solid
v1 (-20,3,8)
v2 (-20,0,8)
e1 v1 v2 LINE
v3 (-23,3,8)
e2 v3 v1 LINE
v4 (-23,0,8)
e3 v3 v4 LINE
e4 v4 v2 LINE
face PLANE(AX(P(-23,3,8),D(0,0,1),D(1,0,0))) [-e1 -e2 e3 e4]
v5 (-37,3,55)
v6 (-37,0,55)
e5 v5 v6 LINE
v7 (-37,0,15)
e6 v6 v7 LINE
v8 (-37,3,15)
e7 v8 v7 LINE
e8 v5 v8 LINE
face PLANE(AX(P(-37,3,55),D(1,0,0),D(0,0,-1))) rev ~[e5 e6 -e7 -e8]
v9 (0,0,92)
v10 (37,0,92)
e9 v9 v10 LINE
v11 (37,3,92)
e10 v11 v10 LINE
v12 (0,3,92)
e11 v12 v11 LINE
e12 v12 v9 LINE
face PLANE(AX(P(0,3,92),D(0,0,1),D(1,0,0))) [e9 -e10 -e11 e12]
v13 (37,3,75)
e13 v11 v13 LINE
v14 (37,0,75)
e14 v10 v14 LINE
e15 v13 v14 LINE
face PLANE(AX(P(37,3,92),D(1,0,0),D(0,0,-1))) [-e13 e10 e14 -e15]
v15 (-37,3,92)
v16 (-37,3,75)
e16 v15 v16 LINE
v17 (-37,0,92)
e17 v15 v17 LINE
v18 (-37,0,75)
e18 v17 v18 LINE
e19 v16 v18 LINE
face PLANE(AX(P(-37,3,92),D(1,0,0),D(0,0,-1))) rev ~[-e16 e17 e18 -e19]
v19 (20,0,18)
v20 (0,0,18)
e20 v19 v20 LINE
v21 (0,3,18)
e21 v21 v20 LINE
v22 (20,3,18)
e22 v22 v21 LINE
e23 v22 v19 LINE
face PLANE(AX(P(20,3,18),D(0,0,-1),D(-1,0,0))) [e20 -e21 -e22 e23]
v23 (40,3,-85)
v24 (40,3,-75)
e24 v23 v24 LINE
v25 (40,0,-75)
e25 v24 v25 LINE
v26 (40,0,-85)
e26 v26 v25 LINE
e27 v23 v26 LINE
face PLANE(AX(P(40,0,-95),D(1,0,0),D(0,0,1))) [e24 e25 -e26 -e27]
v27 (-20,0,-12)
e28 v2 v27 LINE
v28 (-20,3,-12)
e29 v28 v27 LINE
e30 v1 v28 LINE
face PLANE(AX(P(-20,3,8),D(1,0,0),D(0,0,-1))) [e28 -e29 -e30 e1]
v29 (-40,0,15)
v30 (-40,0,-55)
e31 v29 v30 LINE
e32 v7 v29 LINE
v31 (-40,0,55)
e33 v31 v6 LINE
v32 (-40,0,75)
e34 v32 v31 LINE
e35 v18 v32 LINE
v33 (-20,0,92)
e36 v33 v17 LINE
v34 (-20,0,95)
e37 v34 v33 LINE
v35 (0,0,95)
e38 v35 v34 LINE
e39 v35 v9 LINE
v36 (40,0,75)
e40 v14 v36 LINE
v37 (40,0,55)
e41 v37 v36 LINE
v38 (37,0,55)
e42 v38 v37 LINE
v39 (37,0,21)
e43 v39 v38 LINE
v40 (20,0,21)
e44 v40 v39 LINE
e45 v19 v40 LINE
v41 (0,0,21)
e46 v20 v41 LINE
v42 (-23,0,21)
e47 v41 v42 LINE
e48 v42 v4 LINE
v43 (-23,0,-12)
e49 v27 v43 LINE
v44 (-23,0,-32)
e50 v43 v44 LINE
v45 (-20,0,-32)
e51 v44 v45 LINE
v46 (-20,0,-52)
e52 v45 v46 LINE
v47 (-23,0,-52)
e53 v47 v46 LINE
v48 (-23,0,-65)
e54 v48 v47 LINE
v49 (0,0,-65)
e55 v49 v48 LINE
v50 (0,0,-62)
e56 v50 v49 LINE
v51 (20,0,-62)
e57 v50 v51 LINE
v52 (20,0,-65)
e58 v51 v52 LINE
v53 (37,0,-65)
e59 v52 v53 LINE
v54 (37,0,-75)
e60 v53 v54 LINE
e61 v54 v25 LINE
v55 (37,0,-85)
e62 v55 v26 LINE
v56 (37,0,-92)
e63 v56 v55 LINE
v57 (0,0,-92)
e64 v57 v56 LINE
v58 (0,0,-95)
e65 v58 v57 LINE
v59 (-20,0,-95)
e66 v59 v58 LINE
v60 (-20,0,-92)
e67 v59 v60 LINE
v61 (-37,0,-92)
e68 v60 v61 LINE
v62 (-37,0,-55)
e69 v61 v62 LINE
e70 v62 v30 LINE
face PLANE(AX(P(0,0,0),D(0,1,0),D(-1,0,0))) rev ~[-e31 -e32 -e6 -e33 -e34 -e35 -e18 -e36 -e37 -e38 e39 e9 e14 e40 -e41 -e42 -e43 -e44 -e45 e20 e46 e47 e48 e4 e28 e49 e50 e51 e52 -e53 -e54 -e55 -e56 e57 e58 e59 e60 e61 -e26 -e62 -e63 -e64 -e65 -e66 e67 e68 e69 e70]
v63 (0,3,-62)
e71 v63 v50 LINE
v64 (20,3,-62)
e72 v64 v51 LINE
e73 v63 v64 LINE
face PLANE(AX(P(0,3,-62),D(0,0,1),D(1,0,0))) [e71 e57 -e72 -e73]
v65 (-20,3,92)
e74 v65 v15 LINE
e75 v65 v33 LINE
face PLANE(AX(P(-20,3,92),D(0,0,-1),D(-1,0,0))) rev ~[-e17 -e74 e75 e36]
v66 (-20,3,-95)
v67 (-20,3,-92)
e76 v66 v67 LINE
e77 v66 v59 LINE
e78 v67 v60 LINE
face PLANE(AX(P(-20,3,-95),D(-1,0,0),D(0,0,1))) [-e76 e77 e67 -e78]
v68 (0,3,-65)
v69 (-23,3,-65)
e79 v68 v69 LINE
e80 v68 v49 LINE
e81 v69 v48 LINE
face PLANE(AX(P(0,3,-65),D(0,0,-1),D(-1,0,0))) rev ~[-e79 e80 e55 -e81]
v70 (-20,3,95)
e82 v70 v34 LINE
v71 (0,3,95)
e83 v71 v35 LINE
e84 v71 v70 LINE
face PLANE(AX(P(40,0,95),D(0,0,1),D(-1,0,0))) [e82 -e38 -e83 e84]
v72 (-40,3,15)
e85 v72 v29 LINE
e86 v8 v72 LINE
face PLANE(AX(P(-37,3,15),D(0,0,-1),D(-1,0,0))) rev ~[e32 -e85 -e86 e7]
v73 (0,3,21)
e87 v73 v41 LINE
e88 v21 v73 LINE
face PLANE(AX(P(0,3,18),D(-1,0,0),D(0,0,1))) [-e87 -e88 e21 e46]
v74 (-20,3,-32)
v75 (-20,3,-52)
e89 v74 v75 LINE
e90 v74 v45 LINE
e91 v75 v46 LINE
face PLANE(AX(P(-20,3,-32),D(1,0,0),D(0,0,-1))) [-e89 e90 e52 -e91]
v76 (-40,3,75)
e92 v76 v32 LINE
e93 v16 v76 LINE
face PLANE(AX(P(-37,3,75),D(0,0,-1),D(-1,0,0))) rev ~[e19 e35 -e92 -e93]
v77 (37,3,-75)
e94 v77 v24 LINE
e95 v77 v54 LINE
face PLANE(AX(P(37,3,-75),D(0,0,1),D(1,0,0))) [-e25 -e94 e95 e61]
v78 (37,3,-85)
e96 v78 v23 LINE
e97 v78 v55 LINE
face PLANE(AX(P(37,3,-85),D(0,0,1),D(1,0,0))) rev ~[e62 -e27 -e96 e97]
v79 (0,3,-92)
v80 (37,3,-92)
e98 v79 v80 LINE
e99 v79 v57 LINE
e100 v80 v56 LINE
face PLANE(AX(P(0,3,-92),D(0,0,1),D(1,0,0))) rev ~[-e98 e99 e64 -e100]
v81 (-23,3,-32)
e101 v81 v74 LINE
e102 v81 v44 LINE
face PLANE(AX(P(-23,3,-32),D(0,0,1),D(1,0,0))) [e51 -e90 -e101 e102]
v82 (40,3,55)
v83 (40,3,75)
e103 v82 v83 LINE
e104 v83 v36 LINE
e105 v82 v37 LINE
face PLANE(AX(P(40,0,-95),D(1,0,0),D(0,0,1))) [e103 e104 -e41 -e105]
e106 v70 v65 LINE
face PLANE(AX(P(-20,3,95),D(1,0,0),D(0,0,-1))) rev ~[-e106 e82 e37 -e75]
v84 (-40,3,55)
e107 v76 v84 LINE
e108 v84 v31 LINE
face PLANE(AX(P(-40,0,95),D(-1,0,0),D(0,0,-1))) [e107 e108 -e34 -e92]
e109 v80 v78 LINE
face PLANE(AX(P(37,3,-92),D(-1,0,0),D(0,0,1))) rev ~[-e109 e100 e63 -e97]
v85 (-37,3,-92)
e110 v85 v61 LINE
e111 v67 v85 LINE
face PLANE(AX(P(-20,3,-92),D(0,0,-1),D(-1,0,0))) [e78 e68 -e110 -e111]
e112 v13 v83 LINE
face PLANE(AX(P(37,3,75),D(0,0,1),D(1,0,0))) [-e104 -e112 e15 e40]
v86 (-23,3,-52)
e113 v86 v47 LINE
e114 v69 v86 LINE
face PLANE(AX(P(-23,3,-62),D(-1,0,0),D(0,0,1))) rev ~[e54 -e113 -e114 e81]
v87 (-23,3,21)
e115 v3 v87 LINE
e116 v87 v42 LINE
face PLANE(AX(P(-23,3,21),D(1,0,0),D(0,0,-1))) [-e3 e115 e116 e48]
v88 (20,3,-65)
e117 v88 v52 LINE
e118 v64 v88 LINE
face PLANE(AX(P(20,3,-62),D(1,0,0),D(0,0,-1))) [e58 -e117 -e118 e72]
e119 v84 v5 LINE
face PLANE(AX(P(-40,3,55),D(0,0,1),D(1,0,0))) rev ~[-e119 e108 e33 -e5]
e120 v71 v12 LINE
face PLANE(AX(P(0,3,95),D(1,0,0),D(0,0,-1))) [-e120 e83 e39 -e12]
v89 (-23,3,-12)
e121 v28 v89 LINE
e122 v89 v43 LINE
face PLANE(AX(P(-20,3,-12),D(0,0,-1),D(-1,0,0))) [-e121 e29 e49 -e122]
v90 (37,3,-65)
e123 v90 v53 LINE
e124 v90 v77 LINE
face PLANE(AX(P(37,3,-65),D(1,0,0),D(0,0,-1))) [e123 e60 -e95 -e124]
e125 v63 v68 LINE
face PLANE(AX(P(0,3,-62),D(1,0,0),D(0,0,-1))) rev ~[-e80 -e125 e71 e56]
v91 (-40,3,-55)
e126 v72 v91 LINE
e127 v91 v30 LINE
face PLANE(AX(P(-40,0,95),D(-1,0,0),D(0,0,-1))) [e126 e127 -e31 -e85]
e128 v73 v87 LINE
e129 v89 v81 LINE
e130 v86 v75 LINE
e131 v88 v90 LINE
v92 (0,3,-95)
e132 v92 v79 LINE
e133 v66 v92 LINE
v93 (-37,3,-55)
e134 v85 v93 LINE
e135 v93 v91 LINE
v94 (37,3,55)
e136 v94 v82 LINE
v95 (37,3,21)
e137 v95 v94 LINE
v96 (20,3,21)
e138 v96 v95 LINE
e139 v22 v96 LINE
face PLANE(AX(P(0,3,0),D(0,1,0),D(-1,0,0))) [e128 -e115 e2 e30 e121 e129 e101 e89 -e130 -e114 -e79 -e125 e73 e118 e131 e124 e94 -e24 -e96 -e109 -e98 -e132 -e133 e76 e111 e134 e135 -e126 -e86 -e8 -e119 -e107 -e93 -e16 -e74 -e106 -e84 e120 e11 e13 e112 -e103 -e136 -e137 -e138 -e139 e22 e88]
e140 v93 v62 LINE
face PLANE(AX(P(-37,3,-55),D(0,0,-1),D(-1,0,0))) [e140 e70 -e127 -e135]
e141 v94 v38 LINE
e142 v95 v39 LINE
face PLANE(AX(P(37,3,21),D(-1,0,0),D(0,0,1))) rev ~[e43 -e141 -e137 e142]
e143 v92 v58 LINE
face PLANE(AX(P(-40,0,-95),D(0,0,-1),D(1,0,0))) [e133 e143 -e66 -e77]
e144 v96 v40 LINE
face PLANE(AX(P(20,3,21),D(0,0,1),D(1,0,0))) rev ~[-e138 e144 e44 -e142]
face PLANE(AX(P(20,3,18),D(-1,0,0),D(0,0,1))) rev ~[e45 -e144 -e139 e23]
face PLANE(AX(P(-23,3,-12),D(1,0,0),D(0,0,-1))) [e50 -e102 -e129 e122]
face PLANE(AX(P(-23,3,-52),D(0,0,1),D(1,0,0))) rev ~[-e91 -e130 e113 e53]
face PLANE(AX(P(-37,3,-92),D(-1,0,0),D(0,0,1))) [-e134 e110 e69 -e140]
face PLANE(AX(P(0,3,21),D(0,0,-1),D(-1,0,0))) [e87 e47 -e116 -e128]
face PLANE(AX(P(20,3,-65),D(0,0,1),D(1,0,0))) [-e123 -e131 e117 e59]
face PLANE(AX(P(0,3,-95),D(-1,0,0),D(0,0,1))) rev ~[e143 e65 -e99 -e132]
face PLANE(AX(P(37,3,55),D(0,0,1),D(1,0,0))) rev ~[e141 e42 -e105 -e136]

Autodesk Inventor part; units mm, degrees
ref_plane "YZ Plane" through (0, 0, 0) normal (1, 0, 0) x (0, 1, 0)
ref_plane "XZ Plane" through (0, 0, 0) normal (0, 1, 0) x (-1, 0, 0)
ref_plane "XY Plane" through (0, 0, 0) normal (0, 0, 1) x (1, 0, 0)
sketch "Sketch1" plane through (0, 0, 0) normal (0, 1, 0) x (-1, 0, 0)
  line L0 (-40, 95) -> (40, 95)
  line L1 (40, 95) -> (40, -95)
  line L2 (40, -95) -> (-40, -95)
  line L3 (-40, -95) -> (-40, 95)
  line L4 (-40, 95) -> (40, -95) construction
  line L5 (40, 95) -> (-40, -95) construction
  point P0 (0, 0)
  dimension "d0" = 80
  dimension "d1" = 190
extrude "Extrusion1" add sketch "Sketch1" along normal blind 3
sketch "Sketch2" plane through (0, 3, 0) normal (0, 1, 0) x (1, 0, 0)
  line L0 (40, 95) -> (-40, 95) projected
  line L1 (-40, 95) -> (-37, 95)
  line L2 (-37, 95) -> (-37, 55)
  line L3 (-37, 55) -> (-40, 55)
  line L4 (-40, 55) -> (-40, 95)
  line L5 (-40, 95) -> (-40, -95) projected
  line L6 (-40, -95) -> (40, -95) projected
  line L7 (-37, 95) -> (-20, 95)
  line L8 (-20, 95) -> (-20, 92)
  line L9 (-20, 92) -> (-37, 92)
  line L10 (-37, 92) -> (-37, 95)
  line L11 (40, -95) -> (40, 95) projected
  line L12 (40, 95) -> (0, 95)
  line L13 (0, 95) -> (0, 92)
  line L14 (0, 92) -> (40, 92)
  line L15 (40, 92) -> (40, 95)
  line L16 (-40, -55) -> (-37, -55)
  line L17 (-37, -55) -> (-37, -15)
  line L18 (-37, -15) -> (-40, -15)
  line L19 (-40, -15) -> (-40, -55)
  line L20 (-40, -95) -> (-37, -95)
  line L21 (-37, -95) -> (-37, -75)
  line L22 (-37, -75) -> (-40, -75)
  line L23 (-40, -75) -> (-40, -95)
  line L24 (-37, -95) -> (-20, -95)
  line L25 (-20, -95) -> (-20, -92)
  line L26 (-20, -92) -> (-37, -92)
  line L27 (-37, -92) -> (-37, -95)
  line L28 (40, -95) -> (0, -95)
  line L29 (0, -95) -> (0, -92)
  line L30 (0, -92) -> (40, -92)
  line L31 (40, -92) -> (40, -95)
  line L32 (40, -18) -> (-20, -18)
  line L33 (-20, -18) -> (-20, 62)
  line L34 (-20, 62) -> (40, 62)
  line L35 (40, 62) -> (40, -18)
  line L36 (40, -92) -> (37, -92)
  line L37 (37, -92) -> (37, -75)
  line L38 (37, -75) -> (40, -75)
  line L39 (40, -75) -> (40, -92)
  line L40 (40, -18) -> (37, -18)
  line L41 (37, -18) -> (37, -55)
  line L42 (37, -55) -> (40, -55)
  line L43 (40, -55) -> (40, -18)
  line L44 (40, 92) -> (37, 92)
  line L45 (37, 92) -> (37, 85)
  line L46 (37, 85) -> (40, 85)
  line L47 (40, 85) -> (40, 92)
  line L48 (40, 62) -> (37, 62)
  line L49 (37, 62) -> (37, 75)
  line L50 (37, 75) -> (40, 75)
  line L51 (40, 75) -> (40, 62)
  line L52 (-20, -18) -> (-23, -18)
  line L53 (-23, -18) -> (-23, -8)
  line L54 (-23, -8) -> (-20, -8)
  line L55 (-20, -8) -> (-20, -18)
  line L56 (-20, 12) -> (-23, 12)
  line L57 (-23, 12) -> (-23, 32)
  line L58 (-23, 32) -> (-20, 32)
  line L59 (-20, 32) -> (-20, 12)
  line L60 (-20, 62) -> (-23, 62)
  line L61 (-23, 62) -> (-23, 52)
  line L62 (-23, 52) -> (-20, 52)
  line L63 (-20, 52) -> (-20, 62)
  line L64 (-23, -18) -> (0, -18)
  line L65 (0, -18) -> (0, -21)
  line L66 (0, -21) -> (-23, -21)
  line L67 (-23, -21) -> (-23, -18)
  line L68 (37, -18) -> (20, -18)
  line L69 (20, -18) -> (20, -21)
  line L70 (20, -21) -> (37, -21)
  line L71 (37, -21) -> (37, -18)
  line L72 (-23, 62) -> (0, 62)
  line L73 (0, 62) -> (0, 65)
  line L74 (0, 65) -> (-23, 65)
  line L75 (-23, 65) -> (-23, 62)
  line L76 (37, 62) -> (20, 62)
  line L77 (20, 62) -> (20, 65)
  line L78 (20, 65) -> (37, 65)
  line L79 (37, 65) -> (37, 62)
  point P0 (0, 0)
  dimension "d4" = 3
  dimension "d5" = 40
  dimension "d9" = 17
  dimension "d10" = 3
  dimension "d11" = 3
  dimension "d12" = 20
  dimension "d13" = 3
  dimension "d14" = 70
  dimension "d15" = 40
  dimension "d16" = 3
  dimension "d17" = 20
  dimension "d18" = 17
  dimension "d19" = 3
  dimension "d20" = 33
  dimension "d21" = 20
  dimension "d22" = 77
  dimension "d23" = 3
  dimension "d24" = 17
  dimension "d25" = 20
  dimension "d26" = 7
  dimension "d27" = 10
  dimension "d28" = 3
  dimension "d29" = 10
  dimension "d30" = 3
  dimension "d31" = 20
  dimension "d32" = 10
  dimension "d33" = 20
  dimension "d34" = 23
  dimension "d35" = 3
  dimension "d36" = 17
  dimension "d37" = 3
  dimension "d38" = 23
  dimension "d39" = 3
  dimension "d40" = 17
  dimension "d41" = 3
extrude "Extrusion2" cut sketch "Sketch2" against normal through all contours L11 L14 L13 L0 | L11 L46 L45 L14 | L8 L9 L2 L0 | L2 L3 L4 L0 | L11 L34 L49 L50 | L11 L32 L33 L34 | L11 L42 L41 L32 | L34 L77 L78 L49 | L18 L17 L16 L5 | L41 L70 L69 L32 | L11 L30 L37 L38 | L34 L60 L75 L74 L73 | L22 L21 L6 L5 | L11 L6 L29 L30 | L65 L66 L67 L52 L32 | L33 L62 L61 L60 | L52 L53 L54 L33 | L21 L26 L25 L6 | L33 L56 L57 L58
equation "\"d32\" = d29"
properties part number "top" material "Polycarbonate, Clear"
